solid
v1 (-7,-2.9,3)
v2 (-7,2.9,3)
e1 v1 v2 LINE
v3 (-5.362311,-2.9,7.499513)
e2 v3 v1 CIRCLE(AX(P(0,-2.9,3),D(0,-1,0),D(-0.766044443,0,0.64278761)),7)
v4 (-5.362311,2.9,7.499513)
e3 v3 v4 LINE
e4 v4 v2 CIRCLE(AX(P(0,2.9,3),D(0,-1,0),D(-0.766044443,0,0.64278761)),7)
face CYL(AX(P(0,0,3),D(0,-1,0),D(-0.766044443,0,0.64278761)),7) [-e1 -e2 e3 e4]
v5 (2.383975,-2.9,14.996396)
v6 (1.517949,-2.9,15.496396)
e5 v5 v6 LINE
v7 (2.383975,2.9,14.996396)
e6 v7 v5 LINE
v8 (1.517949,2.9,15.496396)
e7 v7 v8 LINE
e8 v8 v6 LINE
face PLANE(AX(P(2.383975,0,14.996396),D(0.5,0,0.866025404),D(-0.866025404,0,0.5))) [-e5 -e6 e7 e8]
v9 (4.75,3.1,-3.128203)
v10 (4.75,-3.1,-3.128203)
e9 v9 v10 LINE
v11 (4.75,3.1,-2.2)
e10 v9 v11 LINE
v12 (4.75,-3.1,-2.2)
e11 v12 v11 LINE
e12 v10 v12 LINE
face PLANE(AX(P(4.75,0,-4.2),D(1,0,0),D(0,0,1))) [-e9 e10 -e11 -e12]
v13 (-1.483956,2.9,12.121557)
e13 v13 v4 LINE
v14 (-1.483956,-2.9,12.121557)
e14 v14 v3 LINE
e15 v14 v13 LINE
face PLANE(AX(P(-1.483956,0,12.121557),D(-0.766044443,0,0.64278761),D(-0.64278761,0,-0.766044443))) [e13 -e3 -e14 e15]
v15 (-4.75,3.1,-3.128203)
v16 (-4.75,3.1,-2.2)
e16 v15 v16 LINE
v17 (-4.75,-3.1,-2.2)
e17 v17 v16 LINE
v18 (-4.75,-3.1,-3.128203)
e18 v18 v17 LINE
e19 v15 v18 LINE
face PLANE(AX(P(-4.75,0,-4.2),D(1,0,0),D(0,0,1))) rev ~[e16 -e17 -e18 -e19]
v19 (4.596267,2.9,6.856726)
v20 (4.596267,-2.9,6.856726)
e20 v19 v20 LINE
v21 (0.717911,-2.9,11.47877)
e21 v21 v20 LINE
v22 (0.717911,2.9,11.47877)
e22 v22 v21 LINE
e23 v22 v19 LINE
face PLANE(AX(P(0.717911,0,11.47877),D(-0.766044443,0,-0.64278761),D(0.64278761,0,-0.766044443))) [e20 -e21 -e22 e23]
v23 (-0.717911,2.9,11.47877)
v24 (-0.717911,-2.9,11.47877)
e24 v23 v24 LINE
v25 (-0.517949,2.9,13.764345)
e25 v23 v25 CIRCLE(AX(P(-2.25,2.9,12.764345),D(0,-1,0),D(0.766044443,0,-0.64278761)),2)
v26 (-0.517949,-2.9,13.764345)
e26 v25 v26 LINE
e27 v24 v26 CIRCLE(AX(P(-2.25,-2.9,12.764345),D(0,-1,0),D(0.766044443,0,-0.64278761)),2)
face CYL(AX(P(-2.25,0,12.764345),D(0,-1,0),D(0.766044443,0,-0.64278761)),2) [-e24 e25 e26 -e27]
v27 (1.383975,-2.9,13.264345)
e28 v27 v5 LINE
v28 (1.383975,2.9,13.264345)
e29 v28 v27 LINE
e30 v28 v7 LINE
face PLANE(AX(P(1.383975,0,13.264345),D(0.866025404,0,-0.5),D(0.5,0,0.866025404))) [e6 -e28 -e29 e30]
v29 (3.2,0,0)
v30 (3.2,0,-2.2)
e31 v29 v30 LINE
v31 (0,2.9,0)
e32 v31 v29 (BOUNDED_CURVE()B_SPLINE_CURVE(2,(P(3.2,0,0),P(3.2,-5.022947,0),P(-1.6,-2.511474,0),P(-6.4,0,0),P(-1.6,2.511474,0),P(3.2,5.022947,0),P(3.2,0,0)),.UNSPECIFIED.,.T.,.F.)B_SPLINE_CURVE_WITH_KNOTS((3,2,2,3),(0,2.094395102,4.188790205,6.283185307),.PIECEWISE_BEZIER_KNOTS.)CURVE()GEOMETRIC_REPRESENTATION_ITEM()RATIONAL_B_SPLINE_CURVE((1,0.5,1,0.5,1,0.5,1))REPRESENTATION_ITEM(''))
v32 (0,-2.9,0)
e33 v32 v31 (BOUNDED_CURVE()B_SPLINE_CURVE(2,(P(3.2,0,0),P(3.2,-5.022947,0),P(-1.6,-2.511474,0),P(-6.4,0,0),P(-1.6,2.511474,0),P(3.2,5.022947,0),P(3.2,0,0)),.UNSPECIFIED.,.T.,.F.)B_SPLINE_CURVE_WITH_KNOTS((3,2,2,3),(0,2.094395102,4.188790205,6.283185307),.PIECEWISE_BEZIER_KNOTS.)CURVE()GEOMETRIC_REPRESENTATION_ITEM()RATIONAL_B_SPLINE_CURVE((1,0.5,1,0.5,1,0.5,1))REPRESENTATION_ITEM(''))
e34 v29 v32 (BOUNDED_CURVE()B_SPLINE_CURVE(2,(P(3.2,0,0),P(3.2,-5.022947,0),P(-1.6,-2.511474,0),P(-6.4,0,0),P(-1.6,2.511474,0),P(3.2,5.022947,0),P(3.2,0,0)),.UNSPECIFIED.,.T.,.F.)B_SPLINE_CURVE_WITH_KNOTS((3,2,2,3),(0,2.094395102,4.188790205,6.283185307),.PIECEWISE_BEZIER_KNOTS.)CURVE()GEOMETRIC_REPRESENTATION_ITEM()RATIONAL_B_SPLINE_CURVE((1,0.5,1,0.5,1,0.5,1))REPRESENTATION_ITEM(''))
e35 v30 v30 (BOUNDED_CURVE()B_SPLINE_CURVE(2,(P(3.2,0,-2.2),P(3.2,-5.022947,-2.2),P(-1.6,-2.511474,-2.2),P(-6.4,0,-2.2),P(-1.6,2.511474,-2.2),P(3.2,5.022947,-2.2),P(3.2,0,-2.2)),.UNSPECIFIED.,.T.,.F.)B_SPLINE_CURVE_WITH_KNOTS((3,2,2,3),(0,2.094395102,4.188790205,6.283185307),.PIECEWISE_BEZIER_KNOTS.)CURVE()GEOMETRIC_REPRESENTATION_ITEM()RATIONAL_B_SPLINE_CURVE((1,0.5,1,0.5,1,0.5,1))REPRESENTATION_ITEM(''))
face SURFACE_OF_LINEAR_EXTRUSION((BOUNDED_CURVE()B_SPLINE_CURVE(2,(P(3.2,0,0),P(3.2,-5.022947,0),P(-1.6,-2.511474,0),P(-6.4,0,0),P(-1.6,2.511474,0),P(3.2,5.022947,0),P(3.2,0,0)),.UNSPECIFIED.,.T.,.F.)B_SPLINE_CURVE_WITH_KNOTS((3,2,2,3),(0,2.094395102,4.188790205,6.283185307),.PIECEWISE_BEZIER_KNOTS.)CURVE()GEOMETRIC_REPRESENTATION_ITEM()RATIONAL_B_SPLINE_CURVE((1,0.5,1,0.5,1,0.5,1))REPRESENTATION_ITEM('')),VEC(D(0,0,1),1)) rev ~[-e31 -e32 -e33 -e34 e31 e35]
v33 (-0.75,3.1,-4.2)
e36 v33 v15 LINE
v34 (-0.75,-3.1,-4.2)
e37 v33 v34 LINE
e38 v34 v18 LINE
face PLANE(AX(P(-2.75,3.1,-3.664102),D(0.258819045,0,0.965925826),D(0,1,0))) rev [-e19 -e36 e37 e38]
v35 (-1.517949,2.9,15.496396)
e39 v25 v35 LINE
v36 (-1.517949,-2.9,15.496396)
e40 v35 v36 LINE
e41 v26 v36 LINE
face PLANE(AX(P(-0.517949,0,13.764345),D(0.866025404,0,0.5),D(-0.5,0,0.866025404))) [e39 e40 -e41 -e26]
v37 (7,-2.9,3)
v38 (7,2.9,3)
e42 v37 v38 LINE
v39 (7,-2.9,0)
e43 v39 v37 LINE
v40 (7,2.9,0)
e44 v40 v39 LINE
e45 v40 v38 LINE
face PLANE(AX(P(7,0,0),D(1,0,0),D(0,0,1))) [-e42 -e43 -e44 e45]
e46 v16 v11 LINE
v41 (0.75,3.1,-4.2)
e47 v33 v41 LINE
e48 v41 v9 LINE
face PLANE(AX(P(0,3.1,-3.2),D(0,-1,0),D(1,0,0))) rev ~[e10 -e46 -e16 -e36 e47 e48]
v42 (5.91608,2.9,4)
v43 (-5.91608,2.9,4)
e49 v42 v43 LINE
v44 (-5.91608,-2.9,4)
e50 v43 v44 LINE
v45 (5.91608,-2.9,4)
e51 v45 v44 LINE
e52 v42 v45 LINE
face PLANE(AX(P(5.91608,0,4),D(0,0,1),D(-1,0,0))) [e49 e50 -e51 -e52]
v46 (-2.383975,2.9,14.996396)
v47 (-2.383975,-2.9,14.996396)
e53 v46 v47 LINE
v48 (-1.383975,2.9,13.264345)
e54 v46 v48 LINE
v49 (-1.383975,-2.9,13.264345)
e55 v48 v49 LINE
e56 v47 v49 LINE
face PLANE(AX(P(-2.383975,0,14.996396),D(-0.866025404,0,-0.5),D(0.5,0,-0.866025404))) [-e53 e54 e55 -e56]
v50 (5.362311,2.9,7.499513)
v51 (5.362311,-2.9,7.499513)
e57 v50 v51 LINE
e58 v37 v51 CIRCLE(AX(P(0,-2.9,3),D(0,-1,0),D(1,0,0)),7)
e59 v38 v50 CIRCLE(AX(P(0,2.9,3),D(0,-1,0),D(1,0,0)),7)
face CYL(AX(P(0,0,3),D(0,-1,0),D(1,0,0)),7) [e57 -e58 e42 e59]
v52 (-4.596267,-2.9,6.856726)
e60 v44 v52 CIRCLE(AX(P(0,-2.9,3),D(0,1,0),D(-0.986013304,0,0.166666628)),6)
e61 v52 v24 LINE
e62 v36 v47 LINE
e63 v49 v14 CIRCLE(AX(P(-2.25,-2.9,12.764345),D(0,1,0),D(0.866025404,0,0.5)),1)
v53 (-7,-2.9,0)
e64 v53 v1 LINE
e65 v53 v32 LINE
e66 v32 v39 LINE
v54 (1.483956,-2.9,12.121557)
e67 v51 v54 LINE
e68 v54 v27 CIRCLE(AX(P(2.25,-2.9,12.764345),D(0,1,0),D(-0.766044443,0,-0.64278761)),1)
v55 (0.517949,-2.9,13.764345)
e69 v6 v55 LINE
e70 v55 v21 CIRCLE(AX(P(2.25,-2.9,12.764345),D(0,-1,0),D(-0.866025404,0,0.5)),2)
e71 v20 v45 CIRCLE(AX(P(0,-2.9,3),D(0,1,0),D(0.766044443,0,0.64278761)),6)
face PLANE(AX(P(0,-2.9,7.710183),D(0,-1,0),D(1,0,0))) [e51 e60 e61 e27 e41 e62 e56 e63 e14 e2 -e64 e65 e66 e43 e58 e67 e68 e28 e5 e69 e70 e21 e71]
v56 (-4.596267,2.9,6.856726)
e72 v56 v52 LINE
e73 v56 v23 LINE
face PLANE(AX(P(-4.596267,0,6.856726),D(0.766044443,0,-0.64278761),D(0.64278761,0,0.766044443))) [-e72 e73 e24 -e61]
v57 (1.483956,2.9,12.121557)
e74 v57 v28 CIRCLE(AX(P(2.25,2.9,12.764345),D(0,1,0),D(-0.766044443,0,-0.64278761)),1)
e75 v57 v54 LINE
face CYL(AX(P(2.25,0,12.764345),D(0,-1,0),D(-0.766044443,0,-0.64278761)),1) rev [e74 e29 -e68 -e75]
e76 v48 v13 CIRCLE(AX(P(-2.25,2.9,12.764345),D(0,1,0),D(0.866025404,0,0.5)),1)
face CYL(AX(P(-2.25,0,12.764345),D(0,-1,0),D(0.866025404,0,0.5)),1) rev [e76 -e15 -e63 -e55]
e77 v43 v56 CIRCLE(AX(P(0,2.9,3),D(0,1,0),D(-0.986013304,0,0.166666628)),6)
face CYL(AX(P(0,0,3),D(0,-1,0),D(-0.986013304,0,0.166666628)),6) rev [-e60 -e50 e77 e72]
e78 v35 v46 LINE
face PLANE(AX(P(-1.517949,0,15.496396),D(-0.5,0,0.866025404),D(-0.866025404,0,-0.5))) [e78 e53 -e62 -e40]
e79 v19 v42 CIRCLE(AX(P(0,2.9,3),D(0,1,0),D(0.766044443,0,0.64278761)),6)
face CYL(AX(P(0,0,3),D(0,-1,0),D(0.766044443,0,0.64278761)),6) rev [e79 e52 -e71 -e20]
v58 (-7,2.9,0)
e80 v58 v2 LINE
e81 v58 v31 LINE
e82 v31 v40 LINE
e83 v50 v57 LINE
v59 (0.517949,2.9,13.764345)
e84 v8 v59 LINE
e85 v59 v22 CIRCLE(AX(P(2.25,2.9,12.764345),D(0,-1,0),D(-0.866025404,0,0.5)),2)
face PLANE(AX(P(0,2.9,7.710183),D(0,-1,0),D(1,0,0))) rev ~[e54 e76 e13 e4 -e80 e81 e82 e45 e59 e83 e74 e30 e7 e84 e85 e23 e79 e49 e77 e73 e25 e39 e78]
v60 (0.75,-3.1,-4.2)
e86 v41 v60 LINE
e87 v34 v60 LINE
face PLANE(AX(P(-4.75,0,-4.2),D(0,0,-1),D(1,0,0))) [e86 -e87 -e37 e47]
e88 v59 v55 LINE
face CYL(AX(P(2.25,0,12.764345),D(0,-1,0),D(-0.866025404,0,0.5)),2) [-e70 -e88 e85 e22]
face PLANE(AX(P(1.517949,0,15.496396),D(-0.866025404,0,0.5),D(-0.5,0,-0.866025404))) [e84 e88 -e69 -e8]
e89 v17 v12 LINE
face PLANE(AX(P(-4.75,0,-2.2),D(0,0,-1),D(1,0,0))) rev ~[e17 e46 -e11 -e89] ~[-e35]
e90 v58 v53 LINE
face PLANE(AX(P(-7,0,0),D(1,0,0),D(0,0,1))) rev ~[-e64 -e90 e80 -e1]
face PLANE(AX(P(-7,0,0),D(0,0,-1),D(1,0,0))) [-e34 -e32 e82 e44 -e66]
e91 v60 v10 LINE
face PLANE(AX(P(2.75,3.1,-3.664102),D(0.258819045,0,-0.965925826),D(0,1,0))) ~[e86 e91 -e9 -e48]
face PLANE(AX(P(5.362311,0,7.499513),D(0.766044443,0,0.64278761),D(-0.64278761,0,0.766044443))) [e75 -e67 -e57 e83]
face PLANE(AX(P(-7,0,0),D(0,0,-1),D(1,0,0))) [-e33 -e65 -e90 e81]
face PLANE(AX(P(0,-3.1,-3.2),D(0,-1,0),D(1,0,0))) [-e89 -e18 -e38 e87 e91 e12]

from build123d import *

# Parameters (mm, degrees)
F0_W     = 14
F0_H     = 3
F1_DEPTH = 2.9
F3_DEPTH = 2.2
F4_W     = 9.5
F4_H     = 2
F5_DEPTH = 3.1
F6_SIZE2 = 1.0717967697
F6_SIZE  = 4
F8_DEPTH = 2.9


with BuildPart() as f1:
    # F0 (on Front) → F1 (new body, symmetric)
    with BuildSketch(Plane.XZ):
        with Locations((0, 1.5)):
            Rectangle(F0_W, F0_H)
    extrude(amount=F1_DEPTH, both=True)

    # F2 (on face) → F3 (join)
    with BuildSketch(Plane(origin=(0, 0, 0), x_dir=(1, 0, 0), z_dir=(0, 0, -1))):
        with BuildLine():
            add(Edge.make_bspline(
                [(3.2, 0), (3.2, 5.0229473419), (-1.6, 2.511473671), (-6.4, 0), (-1.6, -2.511473671), (3.2, -5.0229473419), (3.2, 0)],
                knots=[0, 0, 0, 2.0943951024, 2.0943951024, 4.1887902048, 4.1887902048, 6.2831853072, 6.2831853072, 6.2831853072], degree=2, weights=[1, 0.5, 1, 0.5, 1, 0.5, 1]))
        make_face()
    extrude(amount=F3_DEPTH)

    # F4 (on Front) → F5 (join, symmetric)
    with BuildSketch(Plane.XZ):
        with Locations((0, -3.2)):
            Rectangle(F4_W, F4_H)
    extrude(amount=F5_DEPTH, both=True)

    # F6
    f6_edges = [f1.edges().sort_by_distance(p)[0] for p in [
        (4.75, 0, -4.2),
        (-4.75, 0, -4.2),
    ]]
    f6_side = f1.faces().sort_by_distance((0, 0, -4.2))[0]
    chamfer(f6_edges, length=F6_SIZE, length2=F6_SIZE2, reference=f6_side)

    # F7 (on Front) → F8 (join, symmetric)
    with BuildSketch(Plane.XZ):
        with BuildLine():
            Line((-7, 3), (7, 3))
            ThreePointArc((7, 3), (6.5778483455, 5.3941410033), (5.3623111018, 7.4995132678))
            Line((5.3623111018, 7.4995132678), (1.4839555569, 12.1215574219))
            ThreePointArc((1.4839555569, 12.1215574219), (1.2538053019, 12.6771892888), (1.3839745962, 13.2643450315))
            Line((1.3839745962, 13.2643450315), (2.3839745962, 14.9963958391))
            Line((2.3839745962, 14.9963958391), (1.5179493662, 15.4963957388))
            Line((1.5179493662, 15.4963957388), (0.5179493662, 13.7643449312))
            ThreePointArc((0.5179493662, 13.7643449312), (0.2576108037, 12.5900335635), (0.7179112675, 11.4787699411))
            Line((0.7179112675, 11.4787699411), (4.5962668124, 6.8567257871))
            ThreePointArc((4.5962668124, 6.8567257871), (5.4467953721, 5.5164305239), (5.9160800205, 3.9999997994))
            Line((5.9160800205, 3.9999997994), (-5.9160800205, 3.9999997994))
            ThreePointArc((-5.9160800205, 3.9999997994), (-5.4467953721, 5.5164305239), (-4.5962668124, 6.8567257871))
            Line((-4.5962668124, 6.8567257871), (-0.7179112675, 11.4787699411))
            ThreePointArc((-0.7179112675, 11.4787699411), (-0.2576108037, 12.5900335635), (-0.5179493662, 13.7643449312))
            Line((-0.5179493662, 13.7643449312), (-1.5179493662, 15.4963957388))
            Line((-1.5179493662, 15.4963957388), (-2.3839745962, 14.9963958391))
            Line((-2.3839745962, 14.9963958391), (-1.3839745962, 13.2643450315))
            ThreePointArc((-1.3839745962, 13.2643450315), (-1.2538053019, 12.6771892888), (-1.4839555569, 12.1215574219))
            Line((-1.4839555569, 12.1215574219), (-5.3623111018, 7.4995132678))
            ThreePointArc((-5.3623111018, 7.4995132678), (-6.5778483455, 5.3941410033), (-7, 3))
        make_face()
    extrude(amount=F8_DEPTH, both=True)


solid = f1.part
